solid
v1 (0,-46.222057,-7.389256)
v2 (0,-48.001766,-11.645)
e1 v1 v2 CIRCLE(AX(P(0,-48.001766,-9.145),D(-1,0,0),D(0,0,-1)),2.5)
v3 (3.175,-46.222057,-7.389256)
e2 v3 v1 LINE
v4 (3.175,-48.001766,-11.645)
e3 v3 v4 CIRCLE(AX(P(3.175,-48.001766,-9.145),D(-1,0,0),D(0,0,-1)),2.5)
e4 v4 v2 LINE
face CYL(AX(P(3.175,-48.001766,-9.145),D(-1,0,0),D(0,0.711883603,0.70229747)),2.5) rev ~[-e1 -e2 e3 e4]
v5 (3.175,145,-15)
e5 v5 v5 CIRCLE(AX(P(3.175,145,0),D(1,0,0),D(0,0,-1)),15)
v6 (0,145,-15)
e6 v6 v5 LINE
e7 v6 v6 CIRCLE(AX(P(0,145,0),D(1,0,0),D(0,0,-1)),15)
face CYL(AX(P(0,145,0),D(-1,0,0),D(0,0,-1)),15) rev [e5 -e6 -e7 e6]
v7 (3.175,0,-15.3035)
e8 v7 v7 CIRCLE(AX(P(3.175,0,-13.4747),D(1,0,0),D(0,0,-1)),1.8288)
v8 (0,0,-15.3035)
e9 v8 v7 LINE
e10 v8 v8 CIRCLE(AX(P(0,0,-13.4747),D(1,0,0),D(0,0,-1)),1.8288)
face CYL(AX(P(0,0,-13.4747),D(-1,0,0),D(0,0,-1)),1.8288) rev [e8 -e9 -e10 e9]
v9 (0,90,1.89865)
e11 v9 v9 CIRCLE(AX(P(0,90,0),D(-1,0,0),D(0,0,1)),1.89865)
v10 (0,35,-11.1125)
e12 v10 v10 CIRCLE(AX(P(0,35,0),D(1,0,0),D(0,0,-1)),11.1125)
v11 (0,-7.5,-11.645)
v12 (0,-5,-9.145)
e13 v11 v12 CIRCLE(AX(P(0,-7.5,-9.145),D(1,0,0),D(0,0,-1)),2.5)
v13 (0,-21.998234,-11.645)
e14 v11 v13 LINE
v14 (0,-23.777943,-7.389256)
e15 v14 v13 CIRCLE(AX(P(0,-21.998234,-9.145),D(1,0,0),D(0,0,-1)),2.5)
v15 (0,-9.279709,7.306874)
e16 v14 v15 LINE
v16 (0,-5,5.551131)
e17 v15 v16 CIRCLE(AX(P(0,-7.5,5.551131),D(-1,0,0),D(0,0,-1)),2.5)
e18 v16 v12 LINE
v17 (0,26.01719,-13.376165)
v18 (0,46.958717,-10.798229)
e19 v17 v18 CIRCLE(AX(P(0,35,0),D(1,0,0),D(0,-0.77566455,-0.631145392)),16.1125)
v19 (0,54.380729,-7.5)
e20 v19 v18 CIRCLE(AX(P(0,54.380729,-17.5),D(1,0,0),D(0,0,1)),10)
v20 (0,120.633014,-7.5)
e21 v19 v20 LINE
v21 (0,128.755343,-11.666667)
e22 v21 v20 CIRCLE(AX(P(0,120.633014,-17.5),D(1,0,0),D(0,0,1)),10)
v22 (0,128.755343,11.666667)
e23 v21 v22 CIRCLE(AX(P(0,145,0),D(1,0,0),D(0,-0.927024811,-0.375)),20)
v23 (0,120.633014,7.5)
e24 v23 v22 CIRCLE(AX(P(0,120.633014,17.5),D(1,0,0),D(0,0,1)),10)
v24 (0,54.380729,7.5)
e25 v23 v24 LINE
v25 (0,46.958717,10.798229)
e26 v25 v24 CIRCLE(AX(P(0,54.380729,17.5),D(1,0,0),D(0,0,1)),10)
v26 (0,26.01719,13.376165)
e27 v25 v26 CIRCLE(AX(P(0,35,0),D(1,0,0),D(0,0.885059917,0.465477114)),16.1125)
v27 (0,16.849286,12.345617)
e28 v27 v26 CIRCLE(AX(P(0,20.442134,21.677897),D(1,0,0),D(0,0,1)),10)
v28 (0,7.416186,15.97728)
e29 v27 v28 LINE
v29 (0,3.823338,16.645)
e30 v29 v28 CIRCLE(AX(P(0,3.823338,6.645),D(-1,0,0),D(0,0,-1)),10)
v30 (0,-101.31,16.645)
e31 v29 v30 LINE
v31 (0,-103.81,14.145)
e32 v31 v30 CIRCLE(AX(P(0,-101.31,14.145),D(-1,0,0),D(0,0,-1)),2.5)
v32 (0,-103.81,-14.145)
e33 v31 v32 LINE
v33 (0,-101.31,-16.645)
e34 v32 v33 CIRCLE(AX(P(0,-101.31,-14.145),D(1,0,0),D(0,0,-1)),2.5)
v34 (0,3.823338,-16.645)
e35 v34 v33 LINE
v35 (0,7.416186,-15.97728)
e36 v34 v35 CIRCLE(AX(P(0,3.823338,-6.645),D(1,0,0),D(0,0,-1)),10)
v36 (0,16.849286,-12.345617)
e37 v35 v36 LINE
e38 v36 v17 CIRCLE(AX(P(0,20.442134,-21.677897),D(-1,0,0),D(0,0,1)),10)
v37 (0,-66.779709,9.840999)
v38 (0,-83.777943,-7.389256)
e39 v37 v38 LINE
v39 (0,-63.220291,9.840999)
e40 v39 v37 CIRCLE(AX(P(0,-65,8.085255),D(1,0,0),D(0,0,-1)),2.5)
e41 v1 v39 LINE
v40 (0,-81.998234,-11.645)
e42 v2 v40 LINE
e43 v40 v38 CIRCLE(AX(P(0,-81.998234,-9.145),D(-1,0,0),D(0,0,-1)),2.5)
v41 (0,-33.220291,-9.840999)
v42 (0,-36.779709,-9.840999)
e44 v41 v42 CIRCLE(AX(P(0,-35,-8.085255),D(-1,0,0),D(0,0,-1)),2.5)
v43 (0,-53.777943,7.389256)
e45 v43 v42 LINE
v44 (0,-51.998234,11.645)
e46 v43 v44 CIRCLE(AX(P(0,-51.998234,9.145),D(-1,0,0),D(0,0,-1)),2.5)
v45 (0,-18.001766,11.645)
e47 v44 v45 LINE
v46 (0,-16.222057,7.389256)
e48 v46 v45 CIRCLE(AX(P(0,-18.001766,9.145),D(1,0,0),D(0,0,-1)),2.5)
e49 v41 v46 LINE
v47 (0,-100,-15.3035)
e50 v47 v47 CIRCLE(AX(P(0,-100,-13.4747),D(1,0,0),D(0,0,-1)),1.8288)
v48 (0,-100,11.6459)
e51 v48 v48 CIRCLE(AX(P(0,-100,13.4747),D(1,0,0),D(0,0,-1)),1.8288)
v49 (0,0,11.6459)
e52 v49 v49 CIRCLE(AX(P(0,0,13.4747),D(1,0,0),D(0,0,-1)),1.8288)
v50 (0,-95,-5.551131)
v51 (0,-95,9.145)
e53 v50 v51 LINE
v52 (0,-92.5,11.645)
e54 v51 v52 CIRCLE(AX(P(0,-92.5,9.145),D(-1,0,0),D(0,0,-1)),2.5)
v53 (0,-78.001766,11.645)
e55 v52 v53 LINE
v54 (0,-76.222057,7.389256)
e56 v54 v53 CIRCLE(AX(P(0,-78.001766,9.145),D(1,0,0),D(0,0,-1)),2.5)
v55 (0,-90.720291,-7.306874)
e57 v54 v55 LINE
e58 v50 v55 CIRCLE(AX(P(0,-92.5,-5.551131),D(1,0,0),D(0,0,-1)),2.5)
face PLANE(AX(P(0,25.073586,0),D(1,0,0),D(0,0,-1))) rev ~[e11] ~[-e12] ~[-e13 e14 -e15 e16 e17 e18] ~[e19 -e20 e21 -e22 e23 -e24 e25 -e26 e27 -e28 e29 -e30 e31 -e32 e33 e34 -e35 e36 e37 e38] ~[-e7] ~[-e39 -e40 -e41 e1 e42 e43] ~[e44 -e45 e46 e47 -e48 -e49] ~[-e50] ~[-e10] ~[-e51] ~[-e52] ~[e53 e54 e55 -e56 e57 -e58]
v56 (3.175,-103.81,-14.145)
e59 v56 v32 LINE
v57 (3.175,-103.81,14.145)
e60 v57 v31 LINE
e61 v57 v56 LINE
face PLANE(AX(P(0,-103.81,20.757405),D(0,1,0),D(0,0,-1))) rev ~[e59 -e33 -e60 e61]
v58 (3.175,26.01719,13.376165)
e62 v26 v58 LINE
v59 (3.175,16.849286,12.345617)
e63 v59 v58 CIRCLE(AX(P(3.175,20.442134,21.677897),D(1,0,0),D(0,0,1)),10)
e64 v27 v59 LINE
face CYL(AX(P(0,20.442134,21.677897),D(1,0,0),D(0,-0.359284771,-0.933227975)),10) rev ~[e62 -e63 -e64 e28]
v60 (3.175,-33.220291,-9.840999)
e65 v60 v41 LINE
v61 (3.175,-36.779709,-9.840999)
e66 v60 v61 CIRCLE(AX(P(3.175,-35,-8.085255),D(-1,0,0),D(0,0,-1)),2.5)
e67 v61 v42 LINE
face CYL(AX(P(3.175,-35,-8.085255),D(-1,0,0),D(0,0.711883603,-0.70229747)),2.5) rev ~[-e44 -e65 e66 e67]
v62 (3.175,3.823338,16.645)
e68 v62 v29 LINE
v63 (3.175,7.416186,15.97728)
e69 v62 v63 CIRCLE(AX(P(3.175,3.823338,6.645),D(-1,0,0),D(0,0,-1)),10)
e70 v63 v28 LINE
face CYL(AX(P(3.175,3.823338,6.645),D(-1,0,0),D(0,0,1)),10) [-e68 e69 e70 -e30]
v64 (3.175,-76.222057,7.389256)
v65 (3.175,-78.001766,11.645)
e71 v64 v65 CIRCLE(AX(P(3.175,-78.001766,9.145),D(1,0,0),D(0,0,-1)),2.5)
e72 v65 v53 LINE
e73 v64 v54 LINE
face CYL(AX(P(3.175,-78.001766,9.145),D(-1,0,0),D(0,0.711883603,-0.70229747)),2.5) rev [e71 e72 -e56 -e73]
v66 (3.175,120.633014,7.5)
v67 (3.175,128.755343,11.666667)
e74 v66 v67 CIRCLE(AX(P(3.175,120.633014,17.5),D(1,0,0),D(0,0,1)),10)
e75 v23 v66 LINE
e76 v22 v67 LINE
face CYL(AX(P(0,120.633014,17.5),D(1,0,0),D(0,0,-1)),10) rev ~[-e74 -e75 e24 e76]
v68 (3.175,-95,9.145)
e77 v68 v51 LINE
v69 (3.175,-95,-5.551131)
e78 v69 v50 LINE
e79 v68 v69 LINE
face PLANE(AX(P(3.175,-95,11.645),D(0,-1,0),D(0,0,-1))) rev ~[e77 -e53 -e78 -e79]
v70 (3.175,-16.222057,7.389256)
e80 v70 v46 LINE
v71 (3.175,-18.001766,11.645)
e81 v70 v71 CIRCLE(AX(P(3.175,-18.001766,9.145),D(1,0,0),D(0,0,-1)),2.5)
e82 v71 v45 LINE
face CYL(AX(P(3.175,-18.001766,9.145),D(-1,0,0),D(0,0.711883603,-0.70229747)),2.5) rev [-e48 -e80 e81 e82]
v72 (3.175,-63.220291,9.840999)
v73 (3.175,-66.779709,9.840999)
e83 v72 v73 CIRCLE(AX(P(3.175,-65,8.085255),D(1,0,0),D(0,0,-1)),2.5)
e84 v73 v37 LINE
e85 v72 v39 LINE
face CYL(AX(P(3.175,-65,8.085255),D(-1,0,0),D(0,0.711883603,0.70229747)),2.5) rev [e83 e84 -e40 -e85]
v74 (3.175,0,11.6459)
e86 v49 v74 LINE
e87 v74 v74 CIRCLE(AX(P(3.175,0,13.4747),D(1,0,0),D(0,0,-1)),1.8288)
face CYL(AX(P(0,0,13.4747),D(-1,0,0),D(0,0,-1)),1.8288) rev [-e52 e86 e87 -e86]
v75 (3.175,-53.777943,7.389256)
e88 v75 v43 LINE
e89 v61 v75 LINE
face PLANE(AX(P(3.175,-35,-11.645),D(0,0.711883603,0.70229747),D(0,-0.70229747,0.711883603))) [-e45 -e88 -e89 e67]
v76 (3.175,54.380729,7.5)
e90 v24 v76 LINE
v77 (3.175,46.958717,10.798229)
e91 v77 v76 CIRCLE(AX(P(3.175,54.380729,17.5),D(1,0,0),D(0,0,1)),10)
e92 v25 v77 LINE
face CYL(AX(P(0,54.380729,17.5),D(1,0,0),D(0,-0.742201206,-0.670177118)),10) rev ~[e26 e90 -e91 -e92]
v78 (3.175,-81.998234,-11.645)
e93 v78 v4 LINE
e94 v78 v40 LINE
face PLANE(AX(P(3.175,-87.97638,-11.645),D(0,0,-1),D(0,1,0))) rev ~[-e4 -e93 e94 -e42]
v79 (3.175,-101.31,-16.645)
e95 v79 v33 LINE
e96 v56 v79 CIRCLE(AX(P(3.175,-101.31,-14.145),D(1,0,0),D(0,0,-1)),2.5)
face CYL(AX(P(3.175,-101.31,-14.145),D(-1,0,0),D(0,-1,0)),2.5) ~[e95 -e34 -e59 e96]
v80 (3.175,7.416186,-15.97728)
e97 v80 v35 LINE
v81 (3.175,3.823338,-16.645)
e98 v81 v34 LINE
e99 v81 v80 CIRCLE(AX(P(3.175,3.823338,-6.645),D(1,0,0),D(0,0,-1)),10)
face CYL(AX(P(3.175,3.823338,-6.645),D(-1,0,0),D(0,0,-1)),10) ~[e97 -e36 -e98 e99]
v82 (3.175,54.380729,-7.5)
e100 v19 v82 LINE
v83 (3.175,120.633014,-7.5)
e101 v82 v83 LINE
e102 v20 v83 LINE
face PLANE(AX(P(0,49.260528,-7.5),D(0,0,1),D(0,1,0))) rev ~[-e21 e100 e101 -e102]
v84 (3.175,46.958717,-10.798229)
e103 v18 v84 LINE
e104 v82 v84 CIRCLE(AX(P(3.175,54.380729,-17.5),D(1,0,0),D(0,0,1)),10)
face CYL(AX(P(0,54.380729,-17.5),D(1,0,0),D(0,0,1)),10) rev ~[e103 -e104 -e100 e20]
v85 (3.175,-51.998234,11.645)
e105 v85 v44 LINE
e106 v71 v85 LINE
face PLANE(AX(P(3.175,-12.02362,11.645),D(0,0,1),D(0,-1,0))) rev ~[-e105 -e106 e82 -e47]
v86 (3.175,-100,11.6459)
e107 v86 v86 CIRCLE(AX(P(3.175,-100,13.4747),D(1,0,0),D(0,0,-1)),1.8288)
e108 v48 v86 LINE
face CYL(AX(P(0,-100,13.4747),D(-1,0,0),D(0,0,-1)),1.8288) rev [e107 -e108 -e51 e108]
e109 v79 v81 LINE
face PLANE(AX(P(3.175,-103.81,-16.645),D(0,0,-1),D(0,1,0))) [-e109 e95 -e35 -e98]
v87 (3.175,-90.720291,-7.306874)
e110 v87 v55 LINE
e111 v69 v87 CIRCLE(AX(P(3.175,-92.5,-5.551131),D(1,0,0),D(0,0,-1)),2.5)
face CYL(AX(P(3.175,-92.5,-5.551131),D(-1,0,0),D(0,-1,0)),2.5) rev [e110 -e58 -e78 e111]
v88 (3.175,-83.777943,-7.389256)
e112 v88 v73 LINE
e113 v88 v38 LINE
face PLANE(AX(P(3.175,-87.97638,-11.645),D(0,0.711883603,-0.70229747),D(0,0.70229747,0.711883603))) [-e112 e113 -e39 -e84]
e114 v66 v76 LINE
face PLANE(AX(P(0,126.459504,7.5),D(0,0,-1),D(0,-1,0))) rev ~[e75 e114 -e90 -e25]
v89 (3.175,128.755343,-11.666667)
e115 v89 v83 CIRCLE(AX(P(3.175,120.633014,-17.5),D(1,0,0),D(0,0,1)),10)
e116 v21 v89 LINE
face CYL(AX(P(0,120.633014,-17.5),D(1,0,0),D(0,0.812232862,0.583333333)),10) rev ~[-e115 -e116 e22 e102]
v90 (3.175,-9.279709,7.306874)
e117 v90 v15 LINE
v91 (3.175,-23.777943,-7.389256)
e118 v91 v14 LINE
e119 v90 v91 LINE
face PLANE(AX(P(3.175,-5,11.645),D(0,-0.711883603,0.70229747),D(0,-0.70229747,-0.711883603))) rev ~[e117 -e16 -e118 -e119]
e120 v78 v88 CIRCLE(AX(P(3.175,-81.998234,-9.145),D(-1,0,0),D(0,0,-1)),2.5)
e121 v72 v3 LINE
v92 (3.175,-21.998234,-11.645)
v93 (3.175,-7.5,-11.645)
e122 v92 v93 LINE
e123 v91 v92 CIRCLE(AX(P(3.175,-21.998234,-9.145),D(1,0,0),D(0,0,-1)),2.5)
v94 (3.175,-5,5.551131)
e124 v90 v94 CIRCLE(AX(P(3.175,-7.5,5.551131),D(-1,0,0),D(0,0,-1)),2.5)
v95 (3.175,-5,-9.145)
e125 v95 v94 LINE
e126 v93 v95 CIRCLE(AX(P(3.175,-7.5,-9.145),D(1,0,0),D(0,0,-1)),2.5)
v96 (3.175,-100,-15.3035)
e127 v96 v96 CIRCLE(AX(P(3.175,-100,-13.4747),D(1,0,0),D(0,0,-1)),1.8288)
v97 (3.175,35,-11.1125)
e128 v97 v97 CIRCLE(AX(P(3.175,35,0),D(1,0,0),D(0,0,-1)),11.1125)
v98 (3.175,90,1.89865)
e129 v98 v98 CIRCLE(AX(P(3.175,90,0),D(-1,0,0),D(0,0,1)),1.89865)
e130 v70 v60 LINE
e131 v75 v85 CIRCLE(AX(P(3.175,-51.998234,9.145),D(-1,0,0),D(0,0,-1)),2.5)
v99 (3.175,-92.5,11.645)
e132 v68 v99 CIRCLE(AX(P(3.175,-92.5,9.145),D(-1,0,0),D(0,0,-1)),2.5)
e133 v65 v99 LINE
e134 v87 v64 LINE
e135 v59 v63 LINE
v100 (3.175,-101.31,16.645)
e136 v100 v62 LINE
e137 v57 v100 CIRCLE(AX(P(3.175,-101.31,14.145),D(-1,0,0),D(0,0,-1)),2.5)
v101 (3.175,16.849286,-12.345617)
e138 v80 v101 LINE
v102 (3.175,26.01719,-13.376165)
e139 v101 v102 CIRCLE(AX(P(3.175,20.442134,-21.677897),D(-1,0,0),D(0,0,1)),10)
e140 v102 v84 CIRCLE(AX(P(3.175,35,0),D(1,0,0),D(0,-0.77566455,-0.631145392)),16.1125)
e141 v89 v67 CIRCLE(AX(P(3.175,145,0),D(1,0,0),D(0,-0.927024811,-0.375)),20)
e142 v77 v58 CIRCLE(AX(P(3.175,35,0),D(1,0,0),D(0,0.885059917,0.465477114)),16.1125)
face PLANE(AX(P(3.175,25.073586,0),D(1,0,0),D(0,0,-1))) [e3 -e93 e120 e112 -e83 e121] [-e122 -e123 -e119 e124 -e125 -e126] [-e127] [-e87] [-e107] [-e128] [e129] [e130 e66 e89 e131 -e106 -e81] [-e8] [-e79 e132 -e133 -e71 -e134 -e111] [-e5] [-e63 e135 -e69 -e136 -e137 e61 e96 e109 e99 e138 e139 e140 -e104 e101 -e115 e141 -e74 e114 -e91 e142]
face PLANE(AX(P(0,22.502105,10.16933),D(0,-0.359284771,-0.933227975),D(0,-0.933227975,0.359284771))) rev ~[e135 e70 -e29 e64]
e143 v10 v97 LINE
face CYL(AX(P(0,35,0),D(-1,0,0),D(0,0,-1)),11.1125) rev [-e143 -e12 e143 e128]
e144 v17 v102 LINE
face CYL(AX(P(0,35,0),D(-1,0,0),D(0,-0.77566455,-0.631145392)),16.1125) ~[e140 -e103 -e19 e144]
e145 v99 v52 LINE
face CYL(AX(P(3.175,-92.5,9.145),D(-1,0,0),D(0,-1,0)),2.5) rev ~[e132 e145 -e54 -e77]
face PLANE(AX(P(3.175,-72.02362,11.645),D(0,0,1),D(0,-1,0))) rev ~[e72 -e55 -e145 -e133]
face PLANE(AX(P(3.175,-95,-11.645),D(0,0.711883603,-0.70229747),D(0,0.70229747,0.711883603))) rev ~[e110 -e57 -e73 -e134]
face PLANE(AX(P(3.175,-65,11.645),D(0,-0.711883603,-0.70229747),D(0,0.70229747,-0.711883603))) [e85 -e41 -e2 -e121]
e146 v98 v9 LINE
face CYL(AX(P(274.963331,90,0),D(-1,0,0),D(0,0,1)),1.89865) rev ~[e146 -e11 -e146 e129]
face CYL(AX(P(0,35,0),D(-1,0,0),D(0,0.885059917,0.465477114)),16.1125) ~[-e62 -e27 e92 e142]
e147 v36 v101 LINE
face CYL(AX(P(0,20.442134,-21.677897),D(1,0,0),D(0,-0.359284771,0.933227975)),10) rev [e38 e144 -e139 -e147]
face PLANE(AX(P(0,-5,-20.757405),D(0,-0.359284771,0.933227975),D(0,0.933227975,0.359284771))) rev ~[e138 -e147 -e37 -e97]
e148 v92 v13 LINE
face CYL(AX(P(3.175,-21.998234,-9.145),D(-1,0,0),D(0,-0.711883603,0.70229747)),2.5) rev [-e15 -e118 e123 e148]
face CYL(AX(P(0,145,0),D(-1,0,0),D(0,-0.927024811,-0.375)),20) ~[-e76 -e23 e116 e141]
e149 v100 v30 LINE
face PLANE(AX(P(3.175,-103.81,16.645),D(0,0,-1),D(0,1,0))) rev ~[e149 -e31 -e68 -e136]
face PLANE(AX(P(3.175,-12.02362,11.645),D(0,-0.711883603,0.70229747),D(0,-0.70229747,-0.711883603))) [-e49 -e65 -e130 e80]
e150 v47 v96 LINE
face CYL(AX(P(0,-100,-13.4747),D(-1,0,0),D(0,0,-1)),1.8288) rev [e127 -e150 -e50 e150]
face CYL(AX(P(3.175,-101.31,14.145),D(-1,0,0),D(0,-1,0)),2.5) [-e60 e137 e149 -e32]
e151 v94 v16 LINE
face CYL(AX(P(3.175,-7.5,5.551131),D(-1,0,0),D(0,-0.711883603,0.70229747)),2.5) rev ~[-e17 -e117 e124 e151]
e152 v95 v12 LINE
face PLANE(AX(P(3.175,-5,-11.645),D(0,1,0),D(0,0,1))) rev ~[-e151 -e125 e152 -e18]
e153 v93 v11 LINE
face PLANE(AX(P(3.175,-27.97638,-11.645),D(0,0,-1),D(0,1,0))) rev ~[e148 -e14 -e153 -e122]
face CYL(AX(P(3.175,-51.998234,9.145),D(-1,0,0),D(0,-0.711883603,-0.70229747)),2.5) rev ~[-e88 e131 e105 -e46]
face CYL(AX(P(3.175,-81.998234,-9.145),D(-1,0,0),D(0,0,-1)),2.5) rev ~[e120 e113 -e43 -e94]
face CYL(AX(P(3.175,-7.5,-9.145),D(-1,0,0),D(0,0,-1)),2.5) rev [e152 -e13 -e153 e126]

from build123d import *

# Parameters (mm, degrees)
SKETCH1_R             = 15
SKETCH1_R_2           = 1.8288
SKETCH1_R_3           = 11.1125
BOSS_EXTRUDE1_DEPTH   = 3.175
CUT_EXTRUDE1_REACH    = 168.331
SKETCH2_W             = 4.112404804
SKETCH2_H             = 127.6975
FILLET3_R             = 2.5
FILLET4_R             = 10
F_6_CLEARANCE_HOLE1_D = 3.7973


with BuildPart() as part:
    # Sketch1 → Boss-Extrude1 (new body)
    with BuildSketch(Plane(origin=(0, 0, 0), x_dir=(0, 0, -1), z_dir=(1, 0, 0))):
        with BuildLine():
            Line((20.757404804, -103.81), (20.757404804, -5))
            Line((20.757404804, -5), (10.169330134, 22.502104942))
            ThreePointArc((10.169330134, 22.502104942), (16.03292259, 36.599390347), (7.5, 49.260527909))
            Line((7.5, 49.260527909), (7.5, 126.459503782))
            ThreePointArc((7.5, 126.459503782), (0, 165), (-7.5, 126.459503782))
            Line((-7.5, 126.459503782), (-7.5, 49.260527909))
            ThreePointArc((-7.5, 49.260527909), (-16.03292259, 36.599390347), (-10.169330134, 22.502104942))
            Line((-10.169330134, 22.502104942), (-20.757404804, -5))
            Line((-20.757404804, -5), (-20.757404804, -103.81))
            Line((-20.757404804, -103.81), (20.757404804, -103.81))
        make_face()
        with Locations((0, 145)):
            Circle(SKETCH1_R, mode=Mode.SUBTRACT)
        with Locations((-13.4747, -100)):
            Circle(SKETCH1_R_2, mode=Mode.SUBTRACT)
        with Locations((13.4747, -100)):
            Circle(SKETCH1_R_2, mode=Mode.SUBTRACT)
        with Locations((-13.4747, 0)):
            Circle(SKETCH1_R_2, mode=Mode.SUBTRACT)
        with Locations((13.4747, 0)):
            Circle(SKETCH1_R_2, mode=Mode.SUBTRACT)
        with Locations((0, 35)):
            Circle(SKETCH1_R_3, mode=Mode.SUBTRACT)
    extrude(amount=BOSS_EXTRUDE1_DEPTH)

    # Sketch2 → Cut-Extrude1 (cut, up to next)
    with BuildSketch(Plane(origin=(3.175, 0, 0), x_dir=(0, 0, -1), z_dir=(1, 0, 0)), mode=Mode.PRIVATE) as cut_extrude1_sk1:
        Polygon((11.645, -5), (-11.645, -5), (11.645, -27.976379872), align=None)
    cut_extrude1_tool1 = extrude(cut_extrude1_sk1.sketch, amount=-CUT_EXTRUDE1_REACH, mode=Mode.PRIVATE) & part.part
    # Sketch2 → Cut-Extrude1 (cut, up to next)
    with BuildSketch(Plane(origin=(3.175, 0, 0), x_dir=(0, 0, -1), z_dir=(1, 0, 0)), mode=Mode.PRIVATE) as cut_extrude1_sk2:
        Polygon((-11.645, -12.023620128), (11.645, -35), (-11.645, -57.976379872), (-11.645, -35), align=None)
    cut_extrude1_tool2 = extrude(cut_extrude1_sk2.sketch, amount=-CUT_EXTRUDE1_REACH, mode=Mode.PRIVATE) & part.part
    # Sketch2 → Cut-Extrude1 (cut, up to next)
    with BuildSketch(Plane(origin=(3.175, 0, 0), x_dir=(0, 0, -1), z_dir=(1, 0, 0)), mode=Mode.PRIVATE) as cut_extrude1_sk3:
        Polygon((-11.645, -72.023620128), (-11.645, -95), (11.645, -95), align=None)
    cut_extrude1_tool3 = extrude(cut_extrude1_sk3.sketch, amount=-CUT_EXTRUDE1_REACH, mode=Mode.PRIVATE) & part.part
    # Sketch2 → Cut-Extrude1 (cut, up to next)
    with BuildSketch(Plane(origin=(3.175, 0, 0), x_dir=(0, 0, -1), z_dir=(1, 0, 0)), mode=Mode.PRIVATE) as cut_extrude1_sk4:
        Polygon((11.645, -42.023620128), (11.645, -65), (11.645, -87.976379872), (-11.645, -65), align=None)
    cut_extrude1_tool4 = extrude(cut_extrude1_sk4.sketch, amount=-CUT_EXTRUDE1_REACH, mode=Mode.PRIVATE) & part.part
    # Sketch2 → Cut-Extrude1 (cut, up to next)
    with BuildSketch(Plane(origin=(3.175, 0, 0), x_dir=(0, 0, -1), z_dir=(1, 0, 0)), mode=Mode.PRIVATE) as cut_extrude1_sk5:
        with Locations((-18.701202402, -39.96125)):
            Rectangle(SKETCH2_W, SKETCH2_H)
    cut_extrude1_tool5 = extrude(cut_extrude1_sk5.sketch, amount=-CUT_EXTRUDE1_REACH, mode=Mode.PRIVATE) & part.part
    # Sketch2 → Cut-Extrude1 (cut, up to next)
    with BuildSketch(Plane(origin=(3.175, 0, 0), x_dir=(0, 0, -1), z_dir=(1, 0, 0)), mode=Mode.PRIVATE) as cut_extrude1_sk6:
        with Locations((18.701202402, -39.96125)):
            Rectangle(SKETCH2_W, SKETCH2_H)
    cut_extrude1_tool6 = extrude(cut_extrude1_sk6.sketch, amount=-CUT_EXTRUDE1_REACH, mode=Mode.PRIVATE) & part.part
    add(cut_extrude1_tool1.solids().sort_by_distance((3.175, -12.658793, -3.881667))[0], mode=Mode.SUBTRACT)
    add(cut_extrude1_tool2.solids().sort_by_distance((3.175, -35, 3.881667))[0], mode=Mode.SUBTRACT)
    add(cut_extrude1_tool3.solids().sort_by_distance((3.175, -87.341207, 3.881667))[0], mode=Mode.SUBTRACT)
    add(cut_extrude1_tool4.solids().sort_by_distance((3.175, -65, -3.881667))[0], mode=Mode.SUBTRACT)
    add(cut_extrude1_tool5.solids().sort_by_distance((3.175, -39.96125, 18.701202))[0], mode=Mode.SUBTRACT)
    add(cut_extrude1_tool6.solids().sort_by_distance((3.175, -39.96125, -18.701202))[0], mode=Mode.SUBTRACT)

    # Fillet3
    fillet3_edges = [part.edges().sort_by_distance(p)[0] for p in [
        (1.5875, -103.81, -16.645),
        (1.5875, -72.023620128, 11.645),
        (1.5875, -95, -11.645),
        (1.5875, -95, 11.645),
        (1.5875, -87.976379872, -11.645),
        (1.5875, -65, 11.645),
        (1.5875, -42.023620128, -11.645),
        (1.5875, -27.976379872, -11.645),
        (1.5875, -5, 11.645),
        (1.5875, -5, -11.645),
        (1.5875, -103.81, 16.645),
        (1.5875, -12.023620128, 11.645),
        (1.5875, -35, -11.645),
        (1.5875, -57.976379872, 11.645),
    ]]
    fillet(fillet3_edges, radius=FILLET3_R)

    # Fillet4
    fillet4_edges = [part.edges().sort_by_distance(p)[0] for p in [
        (1.5875, 5.681808734, -16.645),
        (1.5875, 22.502104942, 10.169330134),
        (1.5875, 49.260527909, 7.5),
        (1.5875, 126.459503782, 7.5),
        (1.5875, 126.459503782, -7.5),
        (1.5875, 49.260527909, -7.5),
        (1.5875, 22.502104942, -10.169330134),
        (1.5875, 5.681808734, 16.645),
    ]]
    fillet(fillet4_edges, radius=FILLET4_R)

    # #6 Clearance Hole1 (through all)
    with Locations(Plane(origin=(3.175, 0, 0), x_dir=(0, 0, -1), z_dir=(1, 0, 0))):
        with Locations((0, 90)):
            Hole(F_6_CLEARANCE_HOLE1_D / 2)


solid = part.part
